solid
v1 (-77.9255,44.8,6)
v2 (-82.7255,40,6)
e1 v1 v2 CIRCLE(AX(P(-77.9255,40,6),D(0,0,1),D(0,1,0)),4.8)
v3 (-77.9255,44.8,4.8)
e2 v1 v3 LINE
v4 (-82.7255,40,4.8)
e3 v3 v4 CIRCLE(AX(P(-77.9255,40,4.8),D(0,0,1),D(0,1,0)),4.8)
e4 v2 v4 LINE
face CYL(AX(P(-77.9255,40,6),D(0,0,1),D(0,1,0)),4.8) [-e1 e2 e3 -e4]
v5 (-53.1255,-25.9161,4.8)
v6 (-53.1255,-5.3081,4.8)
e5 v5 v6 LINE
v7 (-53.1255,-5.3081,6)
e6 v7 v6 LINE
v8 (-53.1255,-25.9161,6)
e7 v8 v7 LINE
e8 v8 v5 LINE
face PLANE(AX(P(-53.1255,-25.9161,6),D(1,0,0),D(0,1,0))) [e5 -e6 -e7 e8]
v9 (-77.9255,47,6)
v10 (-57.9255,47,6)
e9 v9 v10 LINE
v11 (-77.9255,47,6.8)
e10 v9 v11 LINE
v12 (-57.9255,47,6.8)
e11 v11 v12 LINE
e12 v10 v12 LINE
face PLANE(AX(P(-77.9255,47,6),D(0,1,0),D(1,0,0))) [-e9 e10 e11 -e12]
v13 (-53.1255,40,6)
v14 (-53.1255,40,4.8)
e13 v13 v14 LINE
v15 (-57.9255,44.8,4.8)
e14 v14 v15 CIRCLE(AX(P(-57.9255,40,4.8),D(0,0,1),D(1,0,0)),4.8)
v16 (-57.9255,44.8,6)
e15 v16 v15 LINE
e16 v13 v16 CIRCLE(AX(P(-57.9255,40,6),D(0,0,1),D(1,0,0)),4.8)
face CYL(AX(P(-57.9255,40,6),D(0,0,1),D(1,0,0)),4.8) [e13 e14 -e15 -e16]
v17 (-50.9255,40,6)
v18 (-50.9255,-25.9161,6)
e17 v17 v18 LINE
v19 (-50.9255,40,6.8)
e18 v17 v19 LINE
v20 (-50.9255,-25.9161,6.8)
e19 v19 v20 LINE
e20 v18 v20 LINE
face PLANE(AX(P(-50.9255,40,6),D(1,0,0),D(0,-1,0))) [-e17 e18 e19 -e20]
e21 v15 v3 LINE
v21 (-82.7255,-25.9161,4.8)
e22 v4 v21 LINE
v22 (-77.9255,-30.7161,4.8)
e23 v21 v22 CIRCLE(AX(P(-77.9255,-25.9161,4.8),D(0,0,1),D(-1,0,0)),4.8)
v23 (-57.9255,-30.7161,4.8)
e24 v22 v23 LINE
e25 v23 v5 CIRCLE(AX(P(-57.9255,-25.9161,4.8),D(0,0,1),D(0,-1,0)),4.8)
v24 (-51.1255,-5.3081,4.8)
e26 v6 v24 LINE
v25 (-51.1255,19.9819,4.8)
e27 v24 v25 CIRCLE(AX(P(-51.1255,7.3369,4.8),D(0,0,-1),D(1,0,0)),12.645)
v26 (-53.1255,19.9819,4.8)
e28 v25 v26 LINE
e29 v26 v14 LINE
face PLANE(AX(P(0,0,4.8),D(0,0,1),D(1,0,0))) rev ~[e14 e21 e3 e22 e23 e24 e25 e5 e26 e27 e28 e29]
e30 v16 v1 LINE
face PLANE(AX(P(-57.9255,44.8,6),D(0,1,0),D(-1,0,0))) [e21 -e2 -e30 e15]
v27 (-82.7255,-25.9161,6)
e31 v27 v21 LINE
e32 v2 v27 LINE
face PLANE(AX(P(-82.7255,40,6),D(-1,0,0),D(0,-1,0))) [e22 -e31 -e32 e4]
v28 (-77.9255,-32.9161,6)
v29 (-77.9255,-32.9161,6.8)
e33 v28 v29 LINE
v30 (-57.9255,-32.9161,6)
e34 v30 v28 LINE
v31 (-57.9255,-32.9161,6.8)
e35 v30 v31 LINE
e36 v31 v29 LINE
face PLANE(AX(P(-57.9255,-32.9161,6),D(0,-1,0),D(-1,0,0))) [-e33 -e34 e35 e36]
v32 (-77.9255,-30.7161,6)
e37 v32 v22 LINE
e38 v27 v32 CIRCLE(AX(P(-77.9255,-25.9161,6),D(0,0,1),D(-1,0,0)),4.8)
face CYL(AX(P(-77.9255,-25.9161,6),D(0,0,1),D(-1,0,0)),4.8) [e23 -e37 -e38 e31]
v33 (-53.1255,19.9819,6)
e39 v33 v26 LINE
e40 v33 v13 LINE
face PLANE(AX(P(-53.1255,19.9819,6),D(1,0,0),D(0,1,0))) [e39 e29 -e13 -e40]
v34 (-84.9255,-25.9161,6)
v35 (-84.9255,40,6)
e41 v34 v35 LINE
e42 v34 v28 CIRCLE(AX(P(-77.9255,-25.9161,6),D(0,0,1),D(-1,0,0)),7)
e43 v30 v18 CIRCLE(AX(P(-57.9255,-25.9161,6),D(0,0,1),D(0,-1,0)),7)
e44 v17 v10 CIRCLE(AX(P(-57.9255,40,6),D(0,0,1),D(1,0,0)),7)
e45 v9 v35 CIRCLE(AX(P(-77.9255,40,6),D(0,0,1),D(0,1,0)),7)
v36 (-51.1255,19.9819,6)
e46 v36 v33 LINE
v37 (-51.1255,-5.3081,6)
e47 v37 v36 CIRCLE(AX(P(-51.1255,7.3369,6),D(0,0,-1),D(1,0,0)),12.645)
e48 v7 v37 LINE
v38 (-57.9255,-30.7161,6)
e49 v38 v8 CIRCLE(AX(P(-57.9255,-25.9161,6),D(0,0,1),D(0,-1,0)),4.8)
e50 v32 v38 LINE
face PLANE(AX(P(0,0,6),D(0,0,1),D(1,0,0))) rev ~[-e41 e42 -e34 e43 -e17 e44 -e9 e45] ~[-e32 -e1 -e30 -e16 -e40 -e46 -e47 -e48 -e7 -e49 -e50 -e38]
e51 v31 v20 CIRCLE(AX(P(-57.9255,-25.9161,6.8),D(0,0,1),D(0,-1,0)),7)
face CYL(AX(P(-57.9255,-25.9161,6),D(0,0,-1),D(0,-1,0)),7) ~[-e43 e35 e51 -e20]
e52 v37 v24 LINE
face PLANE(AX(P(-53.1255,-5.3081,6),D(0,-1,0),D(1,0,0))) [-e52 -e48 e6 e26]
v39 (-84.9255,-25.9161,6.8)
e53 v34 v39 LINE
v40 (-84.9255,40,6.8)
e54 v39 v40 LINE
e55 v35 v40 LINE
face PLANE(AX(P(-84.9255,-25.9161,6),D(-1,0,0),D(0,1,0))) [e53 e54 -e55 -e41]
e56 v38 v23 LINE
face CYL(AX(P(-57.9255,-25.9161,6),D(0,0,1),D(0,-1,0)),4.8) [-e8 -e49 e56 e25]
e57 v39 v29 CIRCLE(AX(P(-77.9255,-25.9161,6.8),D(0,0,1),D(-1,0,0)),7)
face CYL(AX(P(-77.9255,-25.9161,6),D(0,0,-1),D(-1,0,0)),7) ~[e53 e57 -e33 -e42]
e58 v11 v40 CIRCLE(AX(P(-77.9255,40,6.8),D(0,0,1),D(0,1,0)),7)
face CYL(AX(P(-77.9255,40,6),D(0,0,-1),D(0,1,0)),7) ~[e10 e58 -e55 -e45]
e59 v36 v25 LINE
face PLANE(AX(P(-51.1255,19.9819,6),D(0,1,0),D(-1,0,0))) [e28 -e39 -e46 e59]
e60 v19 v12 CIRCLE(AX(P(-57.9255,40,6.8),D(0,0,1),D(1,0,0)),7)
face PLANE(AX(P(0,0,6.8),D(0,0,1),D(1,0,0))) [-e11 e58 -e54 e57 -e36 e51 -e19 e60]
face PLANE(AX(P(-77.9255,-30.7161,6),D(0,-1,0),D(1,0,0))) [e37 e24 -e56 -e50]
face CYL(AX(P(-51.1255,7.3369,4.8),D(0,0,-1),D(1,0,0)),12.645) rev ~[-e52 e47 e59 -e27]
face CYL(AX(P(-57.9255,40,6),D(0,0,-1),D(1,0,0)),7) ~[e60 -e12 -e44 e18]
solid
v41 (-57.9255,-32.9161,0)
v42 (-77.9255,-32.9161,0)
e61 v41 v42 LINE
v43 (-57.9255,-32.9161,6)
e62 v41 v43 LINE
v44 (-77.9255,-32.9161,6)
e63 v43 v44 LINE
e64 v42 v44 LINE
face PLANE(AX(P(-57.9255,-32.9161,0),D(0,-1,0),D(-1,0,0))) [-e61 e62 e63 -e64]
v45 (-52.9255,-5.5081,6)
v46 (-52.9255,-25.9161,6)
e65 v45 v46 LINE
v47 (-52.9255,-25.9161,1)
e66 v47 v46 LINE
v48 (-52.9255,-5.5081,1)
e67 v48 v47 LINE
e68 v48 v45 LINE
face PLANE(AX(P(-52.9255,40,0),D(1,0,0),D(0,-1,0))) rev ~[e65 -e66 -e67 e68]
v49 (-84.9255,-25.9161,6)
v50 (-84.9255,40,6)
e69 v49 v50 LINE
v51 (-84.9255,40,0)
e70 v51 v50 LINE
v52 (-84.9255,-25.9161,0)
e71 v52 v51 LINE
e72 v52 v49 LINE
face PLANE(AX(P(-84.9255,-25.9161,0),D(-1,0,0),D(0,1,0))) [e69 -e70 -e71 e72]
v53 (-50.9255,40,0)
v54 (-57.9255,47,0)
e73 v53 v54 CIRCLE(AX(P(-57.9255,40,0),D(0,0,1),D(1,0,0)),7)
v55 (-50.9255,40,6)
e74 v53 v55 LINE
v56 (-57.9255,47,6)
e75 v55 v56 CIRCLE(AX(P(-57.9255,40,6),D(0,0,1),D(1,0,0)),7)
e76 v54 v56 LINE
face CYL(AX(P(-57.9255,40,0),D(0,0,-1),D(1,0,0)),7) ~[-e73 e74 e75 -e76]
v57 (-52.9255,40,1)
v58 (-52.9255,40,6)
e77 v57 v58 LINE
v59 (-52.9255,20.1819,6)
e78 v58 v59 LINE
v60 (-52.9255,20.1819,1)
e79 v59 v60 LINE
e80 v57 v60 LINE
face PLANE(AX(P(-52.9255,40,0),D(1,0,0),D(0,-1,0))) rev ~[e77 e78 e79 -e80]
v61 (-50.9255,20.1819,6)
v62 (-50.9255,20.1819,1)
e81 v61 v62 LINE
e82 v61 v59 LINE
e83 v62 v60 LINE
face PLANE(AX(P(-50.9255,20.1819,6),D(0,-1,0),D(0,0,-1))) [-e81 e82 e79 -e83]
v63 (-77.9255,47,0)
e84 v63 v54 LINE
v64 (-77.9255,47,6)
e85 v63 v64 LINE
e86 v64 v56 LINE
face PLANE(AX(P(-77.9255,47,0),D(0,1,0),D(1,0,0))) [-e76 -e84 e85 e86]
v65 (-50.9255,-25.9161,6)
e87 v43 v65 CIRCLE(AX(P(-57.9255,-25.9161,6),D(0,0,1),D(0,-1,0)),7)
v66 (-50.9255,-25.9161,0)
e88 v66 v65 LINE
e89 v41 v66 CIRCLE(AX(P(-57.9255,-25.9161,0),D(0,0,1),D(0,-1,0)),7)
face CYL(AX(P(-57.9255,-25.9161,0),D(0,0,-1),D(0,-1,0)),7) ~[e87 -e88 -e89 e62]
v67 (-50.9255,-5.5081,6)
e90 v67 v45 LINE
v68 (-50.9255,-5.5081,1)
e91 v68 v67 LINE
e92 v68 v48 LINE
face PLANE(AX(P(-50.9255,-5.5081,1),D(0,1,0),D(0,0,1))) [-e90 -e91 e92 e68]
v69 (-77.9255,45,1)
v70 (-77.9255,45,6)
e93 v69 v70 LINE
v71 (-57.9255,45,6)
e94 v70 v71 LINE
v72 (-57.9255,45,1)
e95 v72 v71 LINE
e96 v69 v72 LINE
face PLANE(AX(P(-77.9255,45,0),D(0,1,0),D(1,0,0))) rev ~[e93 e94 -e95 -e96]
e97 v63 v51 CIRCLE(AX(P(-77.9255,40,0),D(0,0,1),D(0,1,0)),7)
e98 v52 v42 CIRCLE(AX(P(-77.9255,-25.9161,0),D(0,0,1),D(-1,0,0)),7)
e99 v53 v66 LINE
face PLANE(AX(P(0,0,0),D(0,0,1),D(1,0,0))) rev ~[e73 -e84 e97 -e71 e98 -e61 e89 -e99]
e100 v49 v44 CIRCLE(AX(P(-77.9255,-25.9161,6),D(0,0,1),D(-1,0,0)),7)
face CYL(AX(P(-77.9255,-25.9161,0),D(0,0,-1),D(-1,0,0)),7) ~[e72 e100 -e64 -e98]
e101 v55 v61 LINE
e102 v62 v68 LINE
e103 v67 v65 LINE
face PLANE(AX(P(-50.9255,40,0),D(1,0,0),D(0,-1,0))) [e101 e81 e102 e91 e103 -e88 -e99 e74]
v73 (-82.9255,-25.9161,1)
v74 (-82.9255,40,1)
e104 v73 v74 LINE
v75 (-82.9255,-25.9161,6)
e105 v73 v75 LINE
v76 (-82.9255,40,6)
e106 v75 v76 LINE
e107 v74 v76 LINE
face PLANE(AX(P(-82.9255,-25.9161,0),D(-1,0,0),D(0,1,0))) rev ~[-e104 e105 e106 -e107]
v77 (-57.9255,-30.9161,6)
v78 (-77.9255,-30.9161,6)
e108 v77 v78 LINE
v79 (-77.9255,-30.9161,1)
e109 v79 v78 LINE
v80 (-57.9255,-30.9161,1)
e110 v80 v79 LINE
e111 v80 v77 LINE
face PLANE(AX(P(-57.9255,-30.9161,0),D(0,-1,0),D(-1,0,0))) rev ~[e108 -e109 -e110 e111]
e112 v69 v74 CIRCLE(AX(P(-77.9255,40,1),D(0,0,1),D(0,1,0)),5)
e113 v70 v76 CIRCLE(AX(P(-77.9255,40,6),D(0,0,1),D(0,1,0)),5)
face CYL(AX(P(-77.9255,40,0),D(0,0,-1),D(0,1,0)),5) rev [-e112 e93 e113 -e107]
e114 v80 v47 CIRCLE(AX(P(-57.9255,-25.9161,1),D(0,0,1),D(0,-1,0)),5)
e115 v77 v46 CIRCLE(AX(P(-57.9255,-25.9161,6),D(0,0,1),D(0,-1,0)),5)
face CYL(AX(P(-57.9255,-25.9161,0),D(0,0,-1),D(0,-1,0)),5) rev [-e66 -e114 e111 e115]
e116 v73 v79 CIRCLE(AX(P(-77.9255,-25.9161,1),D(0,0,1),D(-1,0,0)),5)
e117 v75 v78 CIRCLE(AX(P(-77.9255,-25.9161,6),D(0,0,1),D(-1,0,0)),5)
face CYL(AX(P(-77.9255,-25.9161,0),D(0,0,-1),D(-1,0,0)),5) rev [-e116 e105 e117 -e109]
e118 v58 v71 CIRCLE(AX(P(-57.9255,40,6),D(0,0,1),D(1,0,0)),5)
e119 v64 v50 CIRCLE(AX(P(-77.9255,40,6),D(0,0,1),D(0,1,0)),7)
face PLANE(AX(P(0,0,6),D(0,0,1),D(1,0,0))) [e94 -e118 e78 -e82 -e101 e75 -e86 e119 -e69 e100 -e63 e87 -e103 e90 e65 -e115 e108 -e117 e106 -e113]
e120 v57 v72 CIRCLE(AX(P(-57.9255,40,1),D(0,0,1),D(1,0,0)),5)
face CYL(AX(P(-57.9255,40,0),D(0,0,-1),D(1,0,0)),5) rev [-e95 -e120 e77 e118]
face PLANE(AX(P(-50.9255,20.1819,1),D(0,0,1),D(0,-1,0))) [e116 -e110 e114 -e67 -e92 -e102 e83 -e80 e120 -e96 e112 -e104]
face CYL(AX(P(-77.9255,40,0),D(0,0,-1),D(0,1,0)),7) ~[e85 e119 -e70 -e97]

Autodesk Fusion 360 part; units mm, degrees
sketch "Sketch1" plane through (0, 0, 0) normal (0, 0, 1) x (1, 0, 0)
  circle A0 centre (6.1655, 9.1526) radius 11.625
  dimension "d1" = 23.25
sketch "Sketch2" plane through (0, 0, 0) normal (0, 0, 1) x (1, 0, 0)
  line L0 (-57.9255, -30.9161) -> (-77.9255, -30.9161)
  line L1 (-82.9255, -25.9161) -> (-82.9255, 40)
  line L2 (-77.9255, 45) -> (-57.9255, 45)
  line L3 (-52.9255, 40) -> (-52.9255, -25.9161)
  arc A0 (-77.9255, 45) -> (-82.9255, 40) centre (-77.9255, 40) ccw
  arc A1 (-52.9255, 40) -> (-57.9255, 45) centre (-57.9255, 40) ccw
  arc A2 (-82.9255, -25.9161) -> (-77.9255, -30.9161) centre (-77.9255, -25.9161) ccw
  arc A3 (-57.9255, -30.9161) -> (-52.9255, -25.9161) centre (-57.9255, -25.9161) ccw
  arc A4 (-77.9255, 47) -> (-84.9255, 40) centre (-77.9255, 40) ccw
  line L4 (-84.9255, -25.9161) -> (-84.9255, 40)
  arc A5 (-84.9255, -25.9161) -> (-77.9255, -32.9161) centre (-77.9255, -25.9161) ccw
  line L5 (-57.9255, -32.9161) -> (-77.9255, -32.9161)
  arc A6 (-57.9255, -32.9161) -> (-50.9255, -25.9161) centre (-57.9255, -25.9161) ccw
  line L6 (-50.9255, 40) -> (-50.9255, -25.9161)
  arc A7 (-50.9255, 40) -> (-57.9255, 47) centre (-57.9255, 40) ccw
  line L7 (-77.9255, 47) -> (-57.9255, 47)
  dimension "d2" = 5
  dimension "d3" = 5
  dimension "d4" = 5
  dimension "d5" = -2
  dimension "d17" = 30
extrude "Extrude2" add sketch "Sketch2" along normal blind 1 contours L0 L1 L2 L3 A0 A1 A2 A3 makes body 1
extrude "Extrude3" add sketch "Sketch2" along normal blind 6 bodies 1
sketch "Sketch3" plane through (0, 0, 0) normal (0, 0, 1) x (1, 0, 0)
sketch "Sketch4" plane through (-50.9255, 0, 0) normal (1, 0, 0) x (0, 1, 0)
  line L0 (-25.9161, 0) -> (40, 0)
  line L1 (40, 0) -> (40, 6)
  line L2 (40, 6) -> (-25.9161, 6)
  line L3 (-25.9161, 6) -> (-25.9161, 0)
  line L4 (-5.5081, 6) -> (20.1819, 6)
  line L5 (20.1819, 6) -> (20.1819, 1)
  line L6 (20.1819, 1) -> (-5.5081, 1)
  line L7 (-5.5081, 1) -> (-5.5081, 6)
  dimension "d12" = 25.69
  dimension "d13" = 5
  dimension "d14" = 20.408
extrude "Extrude4" cut sketch "Sketch4" against normal blind 2 contours L2 L4 L5 L6 L7 bodies 1
ref_plane "WorkPlane1" through (-67.9255, 7.0419, 6) normal (0, 0, 1) x (1, 0, 0)
sketch "Sketch14" plane through (0, 0, 6) normal (0, 0, 1) x (1, 0, 0)
  line L0 (-84.9255, -25.9161) -> (-84.9255, 40)
  arc A0 (-77.9255, 47) -> (-84.9255, 40) centre (-77.9255, 40) ccw
  line L1 (-77.9255, 47) -> (-57.9255, 47)
  arc A1 (-50.9255, 40) -> (-57.9255, 47) centre (-57.9255, 40) ccw
  line L2 (-50.9255, 40) -> (-50.9255, -25.9161)
  arc A2 (-57.9255, -32.9161) -> (-50.9255, -25.9161) centre (-57.9255, -25.9161) ccw
  line L3 (-57.9255, -32.9161) -> (-77.9255, -32.9161)
  arc A3 (-84.9255, -25.9161) -> (-77.9255, -32.9161) centre (-77.9255, -25.9161) ccw
extrude "Extrude5" add sketch "Sketch14" along normal blind 0.8 separate body makes body 2
sketch "Sketch15" plane through (0, 0, 6) normal (0, 0, 1) x (1, 0, 0)
  arc A0 (-82.9255, -25.9161) -> (-77.9255, -30.9161) centre (-77.9255, -25.9161) ccw
  line L0 (-77.9255, -30.9161) -> (-57.9255, -30.9161)
  arc A1 (-57.9255, -30.9161) -> (-52.9255, -25.9161) centre (-57.9255, -25.9161) ccw
  line L1 (-52.9255, -25.9161) -> (-52.9255, -5.5081)
  line L2 (-52.9255, -5.5081) -> (-50.9255, -5.5081)
  line L3 (-50.9255, -5.5081) -> (-50.9255, 20.1819)
  line L4 (-50.9255, 20.1819) -> (-52.9255, 20.1819)
  line L5 (-52.9255, 20.1819) -> (-52.9255, 40)
  arc A2 (-52.9255, 40) -> (-57.9255, 45) centre (-57.9255, 40) ccw
  line L6 (-57.9255, 45) -> (-77.9255, 45)
  arc A3 (-77.9255, 45) -> (-82.9255, 40) centre (-77.9255, 40) ccw
  line L7 (-82.9255, 40) -> (-82.9255, -25.9161)
  line L8 (-51.1255, -5.3081) -> (-51.1255, 19.9819)
  line L9 (-51.1255, 19.9819) -> (-53.1255, 19.9819)
  line L10 (-53.1255, 19.9819) -> (-53.1255, 40)
  arc A4 (-53.1255, 40) -> (-57.9255, 44.8) centre (-57.9255, 40) ccw
  line L11 (-57.9255, 44.8) -> (-77.9255, 44.8)
  arc A5 (-77.9255, 44.8) -> (-82.7255, 40) centre (-77.9255, 40) ccw
  line L12 (-82.7255, 40) -> (-82.7255, -25.9161)
  arc A6 (-82.7255, -25.9161) -> (-77.9255, -30.7161) centre (-77.9255, -25.9161) ccw
  line L13 (-77.9255, -30.7161) -> (-57.9255, -30.7161)
  arc A7 (-57.9255, -30.7161) -> (-53.1255, -25.9161) centre (-57.9255, -25.9161) ccw
  line L14 (-53.1255, -25.9161) -> (-53.1255, -5.3081)
  line L15 (-53.1255, -5.3081) -> (-51.1255, -5.3081)
  dimension "d25" = -0.2
extrude "Extrude8" add sketch "Sketch15" against normal blind 1.2 contours L8 L9 L10 A4 L11 A5 L12 A6 L13 A7 L14 L15 bodies 2
sketch "Sketch17" plane through (0, 0, 4.8) normal (0, 0, -1) x (1, 0, 0)
  line L0 (-51.1255, 5.3081) -> (-53.1255, 5.3081)
  line L1 (-53.1255, 5.3081) -> (-53.1255, 25.9161)
  arc A0 (-53.1255, 25.9161) -> (-57.9255, 30.7161) centre (-57.9255, 25.9161) ccw
  line L2 (-57.9255, 30.7161) -> (-77.9255, 30.7161)
  arc A1 (-77.9255, 30.7161) -> (-82.7255, 25.9161) centre (-77.9255, 25.9161) ccw
  line L3 (-82.7255, 25.9161) -> (-82.7255, -40)
  arc A2 (-82.7255, -40) -> (-77.9255, -44.8) centre (-77.9255, -40) ccw
  line L4 (-77.9255, -44.8) -> (-57.9255, -44.8)
  arc A3 (-57.9255, -44.8) -> (-53.1255, -40) centre (-57.9255, -40) ccw
  line L5 (-53.1255, -40) -> (-53.1255, -19.9819)
  line L6 (-53.1255, -19.9819) -> (-51.1255, -19.9819)
  line L7 (-51.1255, -19.9819) -> (-51.1255, 5.3081)
  circle A4 centre (-51.1255, -7.3369) radius 12.645
extrude "Extrude9" cut sketch "Sketch17" against normal blind 1.2 contours L7 A4 picked at (-52.9961, -11.4117) bodies 2
